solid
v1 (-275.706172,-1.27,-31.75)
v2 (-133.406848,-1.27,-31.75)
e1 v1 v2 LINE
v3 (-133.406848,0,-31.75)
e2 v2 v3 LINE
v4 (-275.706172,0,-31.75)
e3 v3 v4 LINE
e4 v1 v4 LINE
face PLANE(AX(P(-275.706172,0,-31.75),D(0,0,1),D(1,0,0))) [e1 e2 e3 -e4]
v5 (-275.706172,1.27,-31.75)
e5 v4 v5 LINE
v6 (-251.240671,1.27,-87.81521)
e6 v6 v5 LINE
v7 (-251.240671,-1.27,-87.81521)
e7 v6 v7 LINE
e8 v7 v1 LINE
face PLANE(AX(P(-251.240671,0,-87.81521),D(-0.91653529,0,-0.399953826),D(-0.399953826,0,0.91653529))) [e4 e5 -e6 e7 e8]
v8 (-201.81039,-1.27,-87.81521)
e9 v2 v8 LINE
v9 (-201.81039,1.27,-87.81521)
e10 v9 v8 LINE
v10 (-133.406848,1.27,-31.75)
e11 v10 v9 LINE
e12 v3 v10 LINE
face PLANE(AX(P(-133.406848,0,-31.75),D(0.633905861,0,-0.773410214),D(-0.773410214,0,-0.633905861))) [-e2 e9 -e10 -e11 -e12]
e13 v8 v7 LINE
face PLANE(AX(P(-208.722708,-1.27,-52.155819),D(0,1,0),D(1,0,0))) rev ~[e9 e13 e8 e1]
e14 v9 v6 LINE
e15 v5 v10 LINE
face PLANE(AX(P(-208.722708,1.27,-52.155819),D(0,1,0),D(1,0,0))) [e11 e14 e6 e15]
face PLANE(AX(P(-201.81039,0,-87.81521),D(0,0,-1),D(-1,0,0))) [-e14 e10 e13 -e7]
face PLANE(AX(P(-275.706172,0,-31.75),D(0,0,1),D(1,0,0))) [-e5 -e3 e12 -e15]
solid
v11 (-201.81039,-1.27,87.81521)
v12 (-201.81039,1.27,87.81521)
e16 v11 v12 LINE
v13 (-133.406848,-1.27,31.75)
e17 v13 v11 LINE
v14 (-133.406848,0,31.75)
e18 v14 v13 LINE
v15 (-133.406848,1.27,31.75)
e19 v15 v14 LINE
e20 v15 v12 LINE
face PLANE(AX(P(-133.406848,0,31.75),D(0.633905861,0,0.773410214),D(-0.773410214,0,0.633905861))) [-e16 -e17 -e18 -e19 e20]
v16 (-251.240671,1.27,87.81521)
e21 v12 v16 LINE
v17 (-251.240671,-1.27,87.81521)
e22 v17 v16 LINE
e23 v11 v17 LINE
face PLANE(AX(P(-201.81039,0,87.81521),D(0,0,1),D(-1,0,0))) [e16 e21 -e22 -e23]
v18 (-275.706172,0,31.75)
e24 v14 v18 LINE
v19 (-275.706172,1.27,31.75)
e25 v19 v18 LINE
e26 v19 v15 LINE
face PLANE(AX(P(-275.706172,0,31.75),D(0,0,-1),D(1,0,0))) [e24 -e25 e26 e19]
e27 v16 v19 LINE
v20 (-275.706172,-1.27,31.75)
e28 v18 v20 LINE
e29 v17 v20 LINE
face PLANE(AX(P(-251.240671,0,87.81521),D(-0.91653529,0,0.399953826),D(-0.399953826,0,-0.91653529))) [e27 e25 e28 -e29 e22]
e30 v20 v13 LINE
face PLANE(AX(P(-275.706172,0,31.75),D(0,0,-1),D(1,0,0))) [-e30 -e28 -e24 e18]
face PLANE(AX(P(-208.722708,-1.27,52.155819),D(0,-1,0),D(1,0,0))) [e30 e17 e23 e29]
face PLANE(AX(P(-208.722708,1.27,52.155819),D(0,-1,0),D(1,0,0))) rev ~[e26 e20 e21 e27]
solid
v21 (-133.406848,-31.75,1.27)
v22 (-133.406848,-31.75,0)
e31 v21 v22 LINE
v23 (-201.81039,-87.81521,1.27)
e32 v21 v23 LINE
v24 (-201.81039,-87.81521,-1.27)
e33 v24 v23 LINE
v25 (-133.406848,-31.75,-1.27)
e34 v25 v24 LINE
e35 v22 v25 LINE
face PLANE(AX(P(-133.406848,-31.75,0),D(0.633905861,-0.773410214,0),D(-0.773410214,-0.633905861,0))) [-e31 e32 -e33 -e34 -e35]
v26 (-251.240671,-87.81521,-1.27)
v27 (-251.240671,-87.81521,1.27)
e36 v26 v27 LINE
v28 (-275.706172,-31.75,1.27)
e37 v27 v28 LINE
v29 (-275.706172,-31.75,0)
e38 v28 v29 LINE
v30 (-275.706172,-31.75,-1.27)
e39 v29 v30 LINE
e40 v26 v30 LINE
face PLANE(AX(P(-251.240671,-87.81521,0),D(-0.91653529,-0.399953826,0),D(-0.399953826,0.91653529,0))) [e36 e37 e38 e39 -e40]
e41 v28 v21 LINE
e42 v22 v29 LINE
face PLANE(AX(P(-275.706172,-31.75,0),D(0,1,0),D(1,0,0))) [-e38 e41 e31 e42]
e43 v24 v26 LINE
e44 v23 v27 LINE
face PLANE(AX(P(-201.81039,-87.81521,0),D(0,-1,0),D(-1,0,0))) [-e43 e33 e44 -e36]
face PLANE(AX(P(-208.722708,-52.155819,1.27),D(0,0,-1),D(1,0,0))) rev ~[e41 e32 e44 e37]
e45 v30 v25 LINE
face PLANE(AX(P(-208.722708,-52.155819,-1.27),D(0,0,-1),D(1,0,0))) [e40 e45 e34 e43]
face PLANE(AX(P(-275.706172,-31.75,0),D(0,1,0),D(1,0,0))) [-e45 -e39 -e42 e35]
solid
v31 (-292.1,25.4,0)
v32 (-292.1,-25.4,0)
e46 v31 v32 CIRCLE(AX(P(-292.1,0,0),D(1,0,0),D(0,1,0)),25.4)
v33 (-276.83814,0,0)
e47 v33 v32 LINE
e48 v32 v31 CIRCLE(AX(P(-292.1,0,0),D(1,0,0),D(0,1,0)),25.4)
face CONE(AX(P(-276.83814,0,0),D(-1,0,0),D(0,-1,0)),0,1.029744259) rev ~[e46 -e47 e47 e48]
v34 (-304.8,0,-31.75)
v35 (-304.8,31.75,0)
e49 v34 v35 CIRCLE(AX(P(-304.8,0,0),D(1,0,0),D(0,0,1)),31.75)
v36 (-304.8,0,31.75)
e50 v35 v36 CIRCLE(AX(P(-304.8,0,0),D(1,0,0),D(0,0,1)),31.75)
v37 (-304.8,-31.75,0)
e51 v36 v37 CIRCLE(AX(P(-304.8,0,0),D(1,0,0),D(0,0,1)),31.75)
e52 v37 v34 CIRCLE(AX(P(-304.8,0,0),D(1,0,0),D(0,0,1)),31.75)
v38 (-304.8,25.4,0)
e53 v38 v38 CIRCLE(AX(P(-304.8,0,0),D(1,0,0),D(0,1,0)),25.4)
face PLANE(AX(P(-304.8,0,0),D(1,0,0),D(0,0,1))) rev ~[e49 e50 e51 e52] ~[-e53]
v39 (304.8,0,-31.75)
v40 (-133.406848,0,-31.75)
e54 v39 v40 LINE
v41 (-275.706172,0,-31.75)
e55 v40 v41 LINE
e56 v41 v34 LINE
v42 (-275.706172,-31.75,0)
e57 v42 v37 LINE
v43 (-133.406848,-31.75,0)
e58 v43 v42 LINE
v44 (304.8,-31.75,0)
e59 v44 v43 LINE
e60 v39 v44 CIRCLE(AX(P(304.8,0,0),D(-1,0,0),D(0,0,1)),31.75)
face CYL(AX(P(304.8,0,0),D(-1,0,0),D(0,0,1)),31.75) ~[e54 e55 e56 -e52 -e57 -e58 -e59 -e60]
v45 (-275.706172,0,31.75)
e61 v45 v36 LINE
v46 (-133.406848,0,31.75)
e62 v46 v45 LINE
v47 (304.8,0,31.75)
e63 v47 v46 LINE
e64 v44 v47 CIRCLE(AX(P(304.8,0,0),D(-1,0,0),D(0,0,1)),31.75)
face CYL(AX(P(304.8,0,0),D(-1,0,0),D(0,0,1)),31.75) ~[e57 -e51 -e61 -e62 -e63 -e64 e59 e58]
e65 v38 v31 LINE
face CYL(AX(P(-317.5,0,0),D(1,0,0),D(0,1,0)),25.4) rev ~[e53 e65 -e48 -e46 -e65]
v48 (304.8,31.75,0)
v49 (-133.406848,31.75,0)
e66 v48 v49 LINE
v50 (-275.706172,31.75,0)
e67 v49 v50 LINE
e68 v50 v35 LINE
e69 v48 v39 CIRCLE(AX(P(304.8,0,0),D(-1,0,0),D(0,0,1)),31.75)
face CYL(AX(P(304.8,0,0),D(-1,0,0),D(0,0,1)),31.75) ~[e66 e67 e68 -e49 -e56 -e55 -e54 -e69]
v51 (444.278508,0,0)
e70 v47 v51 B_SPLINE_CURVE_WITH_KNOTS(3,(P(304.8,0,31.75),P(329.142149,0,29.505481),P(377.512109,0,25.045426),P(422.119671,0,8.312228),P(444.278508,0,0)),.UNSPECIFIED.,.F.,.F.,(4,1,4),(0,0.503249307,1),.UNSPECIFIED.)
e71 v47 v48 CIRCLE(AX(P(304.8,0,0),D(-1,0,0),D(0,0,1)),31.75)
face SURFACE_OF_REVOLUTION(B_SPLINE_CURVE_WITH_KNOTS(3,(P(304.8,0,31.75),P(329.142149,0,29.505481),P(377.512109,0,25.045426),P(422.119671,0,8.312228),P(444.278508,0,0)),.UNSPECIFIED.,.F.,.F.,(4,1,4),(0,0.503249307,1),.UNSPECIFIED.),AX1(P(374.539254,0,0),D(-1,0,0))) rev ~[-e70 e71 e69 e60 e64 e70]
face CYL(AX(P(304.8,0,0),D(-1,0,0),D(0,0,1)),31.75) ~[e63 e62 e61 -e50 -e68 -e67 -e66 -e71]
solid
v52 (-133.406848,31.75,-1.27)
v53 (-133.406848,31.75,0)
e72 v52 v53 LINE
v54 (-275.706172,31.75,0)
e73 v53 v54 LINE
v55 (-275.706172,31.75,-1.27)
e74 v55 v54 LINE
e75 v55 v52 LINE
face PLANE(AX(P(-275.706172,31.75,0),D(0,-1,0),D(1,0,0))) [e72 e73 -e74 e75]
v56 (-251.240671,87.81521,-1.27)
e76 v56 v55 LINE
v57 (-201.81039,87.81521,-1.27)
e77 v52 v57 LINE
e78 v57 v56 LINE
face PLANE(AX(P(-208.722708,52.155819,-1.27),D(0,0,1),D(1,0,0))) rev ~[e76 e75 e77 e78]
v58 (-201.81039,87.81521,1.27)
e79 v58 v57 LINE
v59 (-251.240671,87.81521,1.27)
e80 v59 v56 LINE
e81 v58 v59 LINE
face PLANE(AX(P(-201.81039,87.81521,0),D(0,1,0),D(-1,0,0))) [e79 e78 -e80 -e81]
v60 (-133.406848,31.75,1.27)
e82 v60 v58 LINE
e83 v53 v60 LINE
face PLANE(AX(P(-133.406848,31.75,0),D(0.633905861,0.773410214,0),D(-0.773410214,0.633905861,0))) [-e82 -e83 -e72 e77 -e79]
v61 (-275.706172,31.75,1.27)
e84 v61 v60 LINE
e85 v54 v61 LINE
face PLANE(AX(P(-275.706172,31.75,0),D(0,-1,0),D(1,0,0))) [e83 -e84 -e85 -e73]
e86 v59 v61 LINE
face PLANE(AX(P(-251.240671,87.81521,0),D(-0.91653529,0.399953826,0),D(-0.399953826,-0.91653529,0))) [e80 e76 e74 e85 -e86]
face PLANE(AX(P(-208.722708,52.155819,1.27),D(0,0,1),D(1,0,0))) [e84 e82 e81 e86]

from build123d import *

# Parameters (mm, degrees)
F3_DEPTH = 1.27
F4_COUNT = 4
F6_D     = 50.8
F6_DEPTH = 12.7
F6_TIP   = 15.2618597233


with BuildPart() as f1:
    # F0 (on Front) → F1 (revolve)
    with BuildSketch(Plane.XZ):
        with BuildLine():
            Line((304.8, 31.75), (304.8, 0))
            Line((304.8, 0), (444.2785084248, 0))
            add(Edge.make_bspline(
                [(304.8, 31.75), (329.1421490587, 29.5054806716), (377.5121094621, 25.0454261884), (422.119671216, 8.3122278624), (444.2785084248, 0)],
                knots=[0, 0, 0, 0, 0.5032493071, 1, 1, 1, 1], degree=3))
        make_face()
    revolve(axis=Axis((374.5392542124, 0, 0), (-1, 0, 0)))

    # F0 (on Front) → F2 (revolve)
    with BuildSketch(Plane.XZ):
        Polygon((-275.7061719894, 31.75), (-304.8, 31.75), (-304.8, 0), (304.8, 0), (304.8, 31.75), (-133.4068477154, 31.75), align=None)
    revolve(axis=Axis((0, 0, 0), (1, 0, 0)))

    # F0 (on Front) → F3 (join, symmetric)
    with BuildSketch(Plane.XZ):
        Polygon((-251.240670681, 87.8152102232), (-275.7061719894, 31.75), (-133.4068477154, 31.75), (-201.8103897572, 87.8152102232), align=None)
    extrude(amount=F3_DEPTH, both=True)

    # F4: F1 ×4 about axis
    f4_axis = Axis((0, 0, 0), (1, 0, 0))


with BuildPart() as f1_1:
    add(f1.part)
    for i in range(1, F4_COUNT):
        add(f1.part.rotate(f4_axis, i * 360 / F4_COUNT))

    # F6
    with Locations(Plane(origin=(-304.8, 0, 0), x_dir=(0, -1, 0), z_dir=(-1, 0, 0))):
        with Locations((0, 0)):
            Hole(F6_D / 2, depth=F6_DEPTH)
            with Locations((0, 0, -(F6_DEPTH + F6_TIP / 2))):  # 118° drill point
                Cone(0, F6_D / 2, F6_TIP, mode=Mode.SUBTRACT)


solid = f1_1.part
